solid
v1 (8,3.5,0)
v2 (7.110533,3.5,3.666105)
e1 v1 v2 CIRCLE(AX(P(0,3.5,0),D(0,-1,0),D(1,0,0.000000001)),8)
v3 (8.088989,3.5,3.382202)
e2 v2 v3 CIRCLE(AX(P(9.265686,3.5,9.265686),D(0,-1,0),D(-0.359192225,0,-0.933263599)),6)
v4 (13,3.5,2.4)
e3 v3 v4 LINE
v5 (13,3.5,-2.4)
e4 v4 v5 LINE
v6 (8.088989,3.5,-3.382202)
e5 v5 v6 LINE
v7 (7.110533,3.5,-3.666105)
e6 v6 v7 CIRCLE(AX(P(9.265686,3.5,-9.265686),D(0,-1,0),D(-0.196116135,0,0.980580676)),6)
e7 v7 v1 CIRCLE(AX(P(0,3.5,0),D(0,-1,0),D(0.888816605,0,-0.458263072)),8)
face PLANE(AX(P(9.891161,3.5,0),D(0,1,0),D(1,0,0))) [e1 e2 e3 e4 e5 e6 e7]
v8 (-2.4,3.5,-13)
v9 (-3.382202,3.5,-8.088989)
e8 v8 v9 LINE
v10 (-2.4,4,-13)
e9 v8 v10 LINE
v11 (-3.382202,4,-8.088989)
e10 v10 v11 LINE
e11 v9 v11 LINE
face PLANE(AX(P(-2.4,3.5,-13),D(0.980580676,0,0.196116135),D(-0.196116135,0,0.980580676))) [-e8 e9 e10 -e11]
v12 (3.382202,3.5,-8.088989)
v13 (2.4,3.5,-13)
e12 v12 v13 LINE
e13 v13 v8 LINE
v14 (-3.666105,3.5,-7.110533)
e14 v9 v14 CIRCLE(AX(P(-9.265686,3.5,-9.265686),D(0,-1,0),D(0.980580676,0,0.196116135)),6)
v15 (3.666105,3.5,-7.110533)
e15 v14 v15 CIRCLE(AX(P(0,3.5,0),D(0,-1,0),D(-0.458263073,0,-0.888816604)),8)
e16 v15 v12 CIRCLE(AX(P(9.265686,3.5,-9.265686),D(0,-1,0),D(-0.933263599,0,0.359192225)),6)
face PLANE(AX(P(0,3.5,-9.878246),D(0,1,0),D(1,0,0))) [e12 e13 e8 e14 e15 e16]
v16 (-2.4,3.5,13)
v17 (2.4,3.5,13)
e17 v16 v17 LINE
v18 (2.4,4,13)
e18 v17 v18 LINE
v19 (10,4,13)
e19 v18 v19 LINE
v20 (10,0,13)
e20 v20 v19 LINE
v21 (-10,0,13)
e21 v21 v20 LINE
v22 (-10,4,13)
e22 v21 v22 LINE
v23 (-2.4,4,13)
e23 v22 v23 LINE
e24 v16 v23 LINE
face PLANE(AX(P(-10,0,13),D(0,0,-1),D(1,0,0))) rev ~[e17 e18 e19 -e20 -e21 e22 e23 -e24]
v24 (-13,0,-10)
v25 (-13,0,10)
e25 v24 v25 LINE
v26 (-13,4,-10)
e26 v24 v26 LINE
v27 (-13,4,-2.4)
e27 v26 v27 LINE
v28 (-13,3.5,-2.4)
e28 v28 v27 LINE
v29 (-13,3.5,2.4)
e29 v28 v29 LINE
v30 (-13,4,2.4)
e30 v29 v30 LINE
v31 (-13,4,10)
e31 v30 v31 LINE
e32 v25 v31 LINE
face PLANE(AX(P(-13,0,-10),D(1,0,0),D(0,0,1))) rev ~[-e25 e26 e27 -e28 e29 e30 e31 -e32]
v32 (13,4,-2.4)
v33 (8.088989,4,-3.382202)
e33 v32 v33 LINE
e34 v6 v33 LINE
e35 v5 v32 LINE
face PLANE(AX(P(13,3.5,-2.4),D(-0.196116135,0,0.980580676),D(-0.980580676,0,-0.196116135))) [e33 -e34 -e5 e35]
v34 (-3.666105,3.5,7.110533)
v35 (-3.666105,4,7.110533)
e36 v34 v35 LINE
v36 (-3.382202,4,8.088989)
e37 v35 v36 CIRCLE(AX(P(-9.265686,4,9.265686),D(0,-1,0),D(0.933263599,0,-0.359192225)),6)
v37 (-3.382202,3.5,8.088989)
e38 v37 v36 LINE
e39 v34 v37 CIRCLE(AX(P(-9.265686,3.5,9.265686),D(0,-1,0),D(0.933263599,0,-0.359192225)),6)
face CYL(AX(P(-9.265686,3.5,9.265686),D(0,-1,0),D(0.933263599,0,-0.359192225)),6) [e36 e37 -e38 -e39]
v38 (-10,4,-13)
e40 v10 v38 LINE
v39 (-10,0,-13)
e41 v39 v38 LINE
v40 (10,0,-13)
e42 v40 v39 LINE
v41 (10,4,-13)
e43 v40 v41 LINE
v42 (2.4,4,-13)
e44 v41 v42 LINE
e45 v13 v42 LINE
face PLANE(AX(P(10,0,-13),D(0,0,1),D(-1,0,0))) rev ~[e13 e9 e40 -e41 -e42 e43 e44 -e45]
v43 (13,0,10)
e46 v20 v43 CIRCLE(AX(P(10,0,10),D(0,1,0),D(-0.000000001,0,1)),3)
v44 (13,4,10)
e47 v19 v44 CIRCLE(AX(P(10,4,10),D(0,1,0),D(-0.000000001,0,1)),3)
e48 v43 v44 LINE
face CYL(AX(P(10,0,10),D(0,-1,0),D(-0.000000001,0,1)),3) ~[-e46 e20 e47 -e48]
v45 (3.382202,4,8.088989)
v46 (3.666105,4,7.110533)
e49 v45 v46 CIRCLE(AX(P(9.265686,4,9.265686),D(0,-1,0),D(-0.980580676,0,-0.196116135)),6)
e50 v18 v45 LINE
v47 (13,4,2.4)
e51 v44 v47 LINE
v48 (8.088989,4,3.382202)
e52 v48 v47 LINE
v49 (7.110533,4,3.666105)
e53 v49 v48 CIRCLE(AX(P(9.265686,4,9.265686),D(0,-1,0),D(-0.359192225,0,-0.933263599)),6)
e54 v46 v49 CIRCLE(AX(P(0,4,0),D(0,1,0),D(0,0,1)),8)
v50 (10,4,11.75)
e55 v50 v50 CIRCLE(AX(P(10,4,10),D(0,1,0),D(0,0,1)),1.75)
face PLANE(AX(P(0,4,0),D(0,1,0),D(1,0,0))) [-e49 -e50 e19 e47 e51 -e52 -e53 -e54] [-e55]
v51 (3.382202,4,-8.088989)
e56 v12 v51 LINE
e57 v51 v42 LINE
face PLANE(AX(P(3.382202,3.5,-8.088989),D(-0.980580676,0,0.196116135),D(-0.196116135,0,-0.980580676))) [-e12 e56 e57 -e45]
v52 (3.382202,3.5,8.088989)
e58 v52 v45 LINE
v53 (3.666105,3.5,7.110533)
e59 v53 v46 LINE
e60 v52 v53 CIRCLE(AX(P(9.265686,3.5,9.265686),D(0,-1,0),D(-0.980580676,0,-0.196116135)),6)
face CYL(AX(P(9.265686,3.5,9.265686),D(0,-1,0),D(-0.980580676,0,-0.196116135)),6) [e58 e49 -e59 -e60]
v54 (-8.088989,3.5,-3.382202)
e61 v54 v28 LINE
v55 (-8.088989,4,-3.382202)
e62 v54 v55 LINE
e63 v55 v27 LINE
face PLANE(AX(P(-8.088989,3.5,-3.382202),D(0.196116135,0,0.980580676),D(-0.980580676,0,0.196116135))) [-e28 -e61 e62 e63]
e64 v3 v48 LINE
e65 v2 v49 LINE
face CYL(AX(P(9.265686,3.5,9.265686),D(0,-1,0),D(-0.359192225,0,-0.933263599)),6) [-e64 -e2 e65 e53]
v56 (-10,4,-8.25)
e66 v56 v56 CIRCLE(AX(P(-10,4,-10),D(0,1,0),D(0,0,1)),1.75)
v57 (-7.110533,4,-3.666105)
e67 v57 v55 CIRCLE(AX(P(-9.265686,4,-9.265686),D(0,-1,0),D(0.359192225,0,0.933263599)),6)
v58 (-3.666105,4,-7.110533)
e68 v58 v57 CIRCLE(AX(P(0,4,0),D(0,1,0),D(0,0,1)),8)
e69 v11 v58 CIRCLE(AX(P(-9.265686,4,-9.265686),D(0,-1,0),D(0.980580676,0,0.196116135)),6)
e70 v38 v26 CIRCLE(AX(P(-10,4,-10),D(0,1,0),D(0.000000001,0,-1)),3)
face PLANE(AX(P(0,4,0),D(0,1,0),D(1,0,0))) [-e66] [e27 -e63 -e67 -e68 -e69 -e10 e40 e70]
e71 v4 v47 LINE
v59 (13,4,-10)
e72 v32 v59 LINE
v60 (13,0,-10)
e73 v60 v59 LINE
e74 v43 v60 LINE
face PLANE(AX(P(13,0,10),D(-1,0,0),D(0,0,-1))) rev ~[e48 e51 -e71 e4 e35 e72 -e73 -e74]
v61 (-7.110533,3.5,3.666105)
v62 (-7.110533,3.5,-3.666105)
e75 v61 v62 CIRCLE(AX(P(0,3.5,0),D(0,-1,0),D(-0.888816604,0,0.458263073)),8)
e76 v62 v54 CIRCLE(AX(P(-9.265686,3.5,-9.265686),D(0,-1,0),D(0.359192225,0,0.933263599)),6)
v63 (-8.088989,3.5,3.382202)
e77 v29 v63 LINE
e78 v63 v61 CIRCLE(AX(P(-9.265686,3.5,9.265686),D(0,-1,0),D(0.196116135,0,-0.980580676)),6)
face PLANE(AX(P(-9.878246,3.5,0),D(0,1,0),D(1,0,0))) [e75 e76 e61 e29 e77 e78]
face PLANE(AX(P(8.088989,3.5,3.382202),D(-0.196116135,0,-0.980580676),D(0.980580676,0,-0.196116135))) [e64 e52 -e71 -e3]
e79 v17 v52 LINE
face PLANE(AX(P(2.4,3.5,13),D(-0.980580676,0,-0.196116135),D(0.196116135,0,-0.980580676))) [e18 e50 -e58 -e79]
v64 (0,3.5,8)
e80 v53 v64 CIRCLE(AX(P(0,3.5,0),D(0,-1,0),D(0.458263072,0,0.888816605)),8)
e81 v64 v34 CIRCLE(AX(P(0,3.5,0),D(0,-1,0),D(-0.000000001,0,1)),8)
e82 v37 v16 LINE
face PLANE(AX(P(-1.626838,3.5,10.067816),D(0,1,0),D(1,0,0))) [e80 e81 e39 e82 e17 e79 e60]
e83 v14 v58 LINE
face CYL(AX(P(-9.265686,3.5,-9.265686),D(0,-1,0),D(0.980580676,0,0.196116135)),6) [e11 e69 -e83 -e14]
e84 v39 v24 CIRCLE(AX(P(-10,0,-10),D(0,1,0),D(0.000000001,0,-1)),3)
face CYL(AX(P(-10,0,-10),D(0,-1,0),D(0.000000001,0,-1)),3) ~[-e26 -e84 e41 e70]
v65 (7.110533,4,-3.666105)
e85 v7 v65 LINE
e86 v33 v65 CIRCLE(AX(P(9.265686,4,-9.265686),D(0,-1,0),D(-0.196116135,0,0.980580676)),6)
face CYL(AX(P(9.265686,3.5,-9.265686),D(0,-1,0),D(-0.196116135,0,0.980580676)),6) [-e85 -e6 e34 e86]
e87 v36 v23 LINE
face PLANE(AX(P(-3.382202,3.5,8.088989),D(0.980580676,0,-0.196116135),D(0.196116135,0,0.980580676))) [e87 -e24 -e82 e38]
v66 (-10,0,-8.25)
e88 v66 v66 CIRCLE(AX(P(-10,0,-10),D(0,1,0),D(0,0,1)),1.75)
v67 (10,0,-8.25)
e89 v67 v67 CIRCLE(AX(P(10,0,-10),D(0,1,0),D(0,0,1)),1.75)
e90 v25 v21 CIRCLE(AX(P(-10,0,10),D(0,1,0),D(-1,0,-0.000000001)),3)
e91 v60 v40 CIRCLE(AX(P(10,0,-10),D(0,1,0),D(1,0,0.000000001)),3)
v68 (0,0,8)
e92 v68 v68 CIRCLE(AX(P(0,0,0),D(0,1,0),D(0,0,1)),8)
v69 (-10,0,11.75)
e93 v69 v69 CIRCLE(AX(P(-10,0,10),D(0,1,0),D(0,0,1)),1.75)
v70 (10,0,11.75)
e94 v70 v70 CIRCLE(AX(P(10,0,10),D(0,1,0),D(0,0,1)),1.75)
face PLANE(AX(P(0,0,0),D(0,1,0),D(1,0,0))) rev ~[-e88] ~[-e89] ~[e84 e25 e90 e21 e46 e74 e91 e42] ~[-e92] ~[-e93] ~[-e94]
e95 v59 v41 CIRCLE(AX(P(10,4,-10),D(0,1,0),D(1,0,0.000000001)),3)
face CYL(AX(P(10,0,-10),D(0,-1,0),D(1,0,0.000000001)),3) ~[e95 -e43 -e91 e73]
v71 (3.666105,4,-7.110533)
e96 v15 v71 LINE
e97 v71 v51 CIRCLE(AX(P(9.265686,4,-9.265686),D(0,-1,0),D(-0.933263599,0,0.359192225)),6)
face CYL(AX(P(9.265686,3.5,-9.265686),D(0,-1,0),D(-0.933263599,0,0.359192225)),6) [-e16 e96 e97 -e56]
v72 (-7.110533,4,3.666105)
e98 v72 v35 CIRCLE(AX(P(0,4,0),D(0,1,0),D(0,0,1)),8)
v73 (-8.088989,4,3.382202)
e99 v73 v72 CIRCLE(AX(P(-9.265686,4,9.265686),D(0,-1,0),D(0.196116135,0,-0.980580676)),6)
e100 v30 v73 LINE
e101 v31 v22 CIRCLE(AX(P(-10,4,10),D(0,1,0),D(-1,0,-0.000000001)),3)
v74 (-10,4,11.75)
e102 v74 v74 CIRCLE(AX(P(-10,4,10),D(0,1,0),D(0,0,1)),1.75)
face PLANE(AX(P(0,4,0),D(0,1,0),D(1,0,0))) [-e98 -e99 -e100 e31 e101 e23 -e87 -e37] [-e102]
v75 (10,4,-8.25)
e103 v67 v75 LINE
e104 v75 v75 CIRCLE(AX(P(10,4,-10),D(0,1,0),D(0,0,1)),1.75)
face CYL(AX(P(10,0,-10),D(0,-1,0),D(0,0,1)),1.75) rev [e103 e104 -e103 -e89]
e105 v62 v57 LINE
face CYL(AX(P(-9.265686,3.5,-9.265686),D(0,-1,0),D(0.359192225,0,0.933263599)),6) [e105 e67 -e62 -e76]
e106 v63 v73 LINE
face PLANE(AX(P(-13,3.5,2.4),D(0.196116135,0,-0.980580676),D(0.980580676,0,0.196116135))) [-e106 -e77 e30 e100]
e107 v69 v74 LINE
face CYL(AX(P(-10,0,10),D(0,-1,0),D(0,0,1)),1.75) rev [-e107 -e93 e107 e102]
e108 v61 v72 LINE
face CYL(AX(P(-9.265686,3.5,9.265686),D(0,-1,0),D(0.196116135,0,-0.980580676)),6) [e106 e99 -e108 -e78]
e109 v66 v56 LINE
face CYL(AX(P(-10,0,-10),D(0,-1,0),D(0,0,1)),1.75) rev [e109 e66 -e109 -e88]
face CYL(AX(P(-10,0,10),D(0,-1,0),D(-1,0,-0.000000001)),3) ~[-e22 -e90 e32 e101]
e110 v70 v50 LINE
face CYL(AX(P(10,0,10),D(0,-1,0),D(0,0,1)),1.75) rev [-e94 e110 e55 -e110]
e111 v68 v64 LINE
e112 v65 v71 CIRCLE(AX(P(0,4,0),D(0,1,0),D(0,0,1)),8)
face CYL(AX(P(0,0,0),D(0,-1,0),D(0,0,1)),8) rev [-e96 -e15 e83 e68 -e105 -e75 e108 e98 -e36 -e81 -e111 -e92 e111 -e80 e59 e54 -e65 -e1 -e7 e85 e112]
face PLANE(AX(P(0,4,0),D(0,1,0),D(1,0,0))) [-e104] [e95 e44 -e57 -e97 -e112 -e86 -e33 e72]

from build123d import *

# Parameters (mm, degrees)
SKETCH_2_R          = 8
SKETCH_2_R_2        = 1.75
EXTRUDE_1_DEPTH     = 4
CUT_EXTRUDE_START   = -0.5
CUT_EXTRUDE_1_DEPTH = 0.5


with BuildPart() as part:
    # 草图2 → 凸台-拉伸1 (new body)
    with BuildSketch(Plane(origin=(0, 0, 0), x_dir=(1, 0, 0), z_dir=(0, 1, 0))):
        with BuildLine():
            Line((-13, 10), (-13, -10))
            ThreePointArc((-13, -10), (-12.121320344, -12.121320344), (-10, -13))
            Line((-10, -13), (10, -13))
            ThreePointArc((10, -13), (12.121320344, -12.121320344), (13, -10))
            Line((13, -10), (13, 10))
            ThreePointArc((13, 10), (12.121320344, 12.121320344), (10, 13))
            Line((10, 13), (-10, 13))
            ThreePointArc((-10, 13), (-12.121320344, 12.121320344), (-13, 10))
        make_face()
        with Locations(Location((0, 0, 0), (0, 0, 270))):
            Circle(SKETCH_2_R, mode=Mode.SUBTRACT)
        with Locations(Location((-10, 10, 0), (0, 0, 270))):
            Circle(SKETCH_2_R_2, mode=Mode.SUBTRACT)
        with Locations(Location((10, 10, 0), (0, 0, 270))):
            Circle(SKETCH_2_R_2, mode=Mode.SUBTRACT)
        with Locations(Location((10, -10, 0), (0, 0, 270))):
            Circle(SKETCH_2_R_2, mode=Mode.SUBTRACT)
        with Locations(Location((-10, -10, 0), (0, 0, 270))):
            Circle(SKETCH_2_R_2, mode=Mode.SUBTRACT)
    extrude(amount=EXTRUDE_1_DEPTH)

    # 草图3 → 切除-拉伸1 (cut)
    with BuildSketch(Plane(origin=(0, 4, 0), x_dir=(1, 0, 0), z_dir=(0, 1, 0)).offset(CUT_EXTRUDE_START)):
        with BuildLine():
            ThreePointArc((-8.088989369, -3.382202126), (-7.593724303, -3.503347811), (-7.110532834, -3.666104584))
            ThreePointArc((-7.110532834, -3.666104584), (-8, 0), (-7.110532834, 3.666104584))
            ThreePointArc((-7.110532834, 3.666104584), (-7.593724303, 3.503347811), (-8.088989369, 3.382202126))
            Line((-8.088989369, 3.382202126), (-13, 2.4))
            Line((-13, 2.4), (-13, -2.4))
            Line((-13, -2.4), (-8.088989369, -3.382202126))
        make_face()
        with BuildLine():
            ThreePointArc((-3.382202126, 8.088989369), (-3.503347811, 7.593724303), (-3.666104584, 7.110532834))
            ThreePointArc((-3.666104584, 7.110532834), (0, 8), (3.666104584, 7.110532834))
            ThreePointArc((3.666104584, 7.110532834), (3.503347811, 7.593724303), (3.382202126, 8.088989369))
            Line((3.382202126, 8.088989369), (2.4, 13))
            Line((2.4, 13), (-2.4, 13))
            Line((-2.4, 13), (-3.382202126, 8.088989369))
        make_face()
        with BuildLine():
            ThreePointArc((8, 0), (7.774453764, -1.886231339), (7.110532834, -3.666104584))
            ThreePointArc((7.110532834, -3.666104584), (7.593724303, -3.503347811), (8.088989369, -3.382202126))
            Line((8.088989369, -3.382202126), (13, -2.4))
            Line((13, -2.4), (13, 2.4))
            Line((13, 2.4), (8.088989369, 3.382202126))
            ThreePointArc((8.088989369, 3.382202126), (7.593724303, 3.503347811), (7.110532834, 3.666104584))
            ThreePointArc((7.110532834, 3.666104584), (7.774453764, 1.886231339), (8, 0))
        make_face()
        with BuildLine():
            Line((0, -13), (0, -8))
            ThreePointArc((0, -8), (-1.886231339, -7.774453764), (-3.666104584, -7.110532834))
            ThreePointArc((-3.666104584, -7.110532834), (-3.503347811, -7.593724303), (-3.382202126, -8.088989369))
            Line((-3.382202126, -8.088989369), (-2.4, -13))
            Line((-2.4, -13), (0, -13))
        make_face()
        with BuildLine():
            ThreePointArc((3.666104584, -7.110532834), (1.886231339, -7.774453764), (0, -8))
            Line((0, -8), (0, -13))
            Line((0, -13), (2.4, -13))
            Line((2.4, -13), (3.382202126, -8.088989369))
            ThreePointArc((3.382202126, -8.088989369), (3.503347811, -7.593724303), (3.666104584, -7.110532834))
        make_face()
    extrude(amount=CUT_EXTRUDE_1_DEPTH, mode=Mode.SUBTRACT)


solid = part.part
